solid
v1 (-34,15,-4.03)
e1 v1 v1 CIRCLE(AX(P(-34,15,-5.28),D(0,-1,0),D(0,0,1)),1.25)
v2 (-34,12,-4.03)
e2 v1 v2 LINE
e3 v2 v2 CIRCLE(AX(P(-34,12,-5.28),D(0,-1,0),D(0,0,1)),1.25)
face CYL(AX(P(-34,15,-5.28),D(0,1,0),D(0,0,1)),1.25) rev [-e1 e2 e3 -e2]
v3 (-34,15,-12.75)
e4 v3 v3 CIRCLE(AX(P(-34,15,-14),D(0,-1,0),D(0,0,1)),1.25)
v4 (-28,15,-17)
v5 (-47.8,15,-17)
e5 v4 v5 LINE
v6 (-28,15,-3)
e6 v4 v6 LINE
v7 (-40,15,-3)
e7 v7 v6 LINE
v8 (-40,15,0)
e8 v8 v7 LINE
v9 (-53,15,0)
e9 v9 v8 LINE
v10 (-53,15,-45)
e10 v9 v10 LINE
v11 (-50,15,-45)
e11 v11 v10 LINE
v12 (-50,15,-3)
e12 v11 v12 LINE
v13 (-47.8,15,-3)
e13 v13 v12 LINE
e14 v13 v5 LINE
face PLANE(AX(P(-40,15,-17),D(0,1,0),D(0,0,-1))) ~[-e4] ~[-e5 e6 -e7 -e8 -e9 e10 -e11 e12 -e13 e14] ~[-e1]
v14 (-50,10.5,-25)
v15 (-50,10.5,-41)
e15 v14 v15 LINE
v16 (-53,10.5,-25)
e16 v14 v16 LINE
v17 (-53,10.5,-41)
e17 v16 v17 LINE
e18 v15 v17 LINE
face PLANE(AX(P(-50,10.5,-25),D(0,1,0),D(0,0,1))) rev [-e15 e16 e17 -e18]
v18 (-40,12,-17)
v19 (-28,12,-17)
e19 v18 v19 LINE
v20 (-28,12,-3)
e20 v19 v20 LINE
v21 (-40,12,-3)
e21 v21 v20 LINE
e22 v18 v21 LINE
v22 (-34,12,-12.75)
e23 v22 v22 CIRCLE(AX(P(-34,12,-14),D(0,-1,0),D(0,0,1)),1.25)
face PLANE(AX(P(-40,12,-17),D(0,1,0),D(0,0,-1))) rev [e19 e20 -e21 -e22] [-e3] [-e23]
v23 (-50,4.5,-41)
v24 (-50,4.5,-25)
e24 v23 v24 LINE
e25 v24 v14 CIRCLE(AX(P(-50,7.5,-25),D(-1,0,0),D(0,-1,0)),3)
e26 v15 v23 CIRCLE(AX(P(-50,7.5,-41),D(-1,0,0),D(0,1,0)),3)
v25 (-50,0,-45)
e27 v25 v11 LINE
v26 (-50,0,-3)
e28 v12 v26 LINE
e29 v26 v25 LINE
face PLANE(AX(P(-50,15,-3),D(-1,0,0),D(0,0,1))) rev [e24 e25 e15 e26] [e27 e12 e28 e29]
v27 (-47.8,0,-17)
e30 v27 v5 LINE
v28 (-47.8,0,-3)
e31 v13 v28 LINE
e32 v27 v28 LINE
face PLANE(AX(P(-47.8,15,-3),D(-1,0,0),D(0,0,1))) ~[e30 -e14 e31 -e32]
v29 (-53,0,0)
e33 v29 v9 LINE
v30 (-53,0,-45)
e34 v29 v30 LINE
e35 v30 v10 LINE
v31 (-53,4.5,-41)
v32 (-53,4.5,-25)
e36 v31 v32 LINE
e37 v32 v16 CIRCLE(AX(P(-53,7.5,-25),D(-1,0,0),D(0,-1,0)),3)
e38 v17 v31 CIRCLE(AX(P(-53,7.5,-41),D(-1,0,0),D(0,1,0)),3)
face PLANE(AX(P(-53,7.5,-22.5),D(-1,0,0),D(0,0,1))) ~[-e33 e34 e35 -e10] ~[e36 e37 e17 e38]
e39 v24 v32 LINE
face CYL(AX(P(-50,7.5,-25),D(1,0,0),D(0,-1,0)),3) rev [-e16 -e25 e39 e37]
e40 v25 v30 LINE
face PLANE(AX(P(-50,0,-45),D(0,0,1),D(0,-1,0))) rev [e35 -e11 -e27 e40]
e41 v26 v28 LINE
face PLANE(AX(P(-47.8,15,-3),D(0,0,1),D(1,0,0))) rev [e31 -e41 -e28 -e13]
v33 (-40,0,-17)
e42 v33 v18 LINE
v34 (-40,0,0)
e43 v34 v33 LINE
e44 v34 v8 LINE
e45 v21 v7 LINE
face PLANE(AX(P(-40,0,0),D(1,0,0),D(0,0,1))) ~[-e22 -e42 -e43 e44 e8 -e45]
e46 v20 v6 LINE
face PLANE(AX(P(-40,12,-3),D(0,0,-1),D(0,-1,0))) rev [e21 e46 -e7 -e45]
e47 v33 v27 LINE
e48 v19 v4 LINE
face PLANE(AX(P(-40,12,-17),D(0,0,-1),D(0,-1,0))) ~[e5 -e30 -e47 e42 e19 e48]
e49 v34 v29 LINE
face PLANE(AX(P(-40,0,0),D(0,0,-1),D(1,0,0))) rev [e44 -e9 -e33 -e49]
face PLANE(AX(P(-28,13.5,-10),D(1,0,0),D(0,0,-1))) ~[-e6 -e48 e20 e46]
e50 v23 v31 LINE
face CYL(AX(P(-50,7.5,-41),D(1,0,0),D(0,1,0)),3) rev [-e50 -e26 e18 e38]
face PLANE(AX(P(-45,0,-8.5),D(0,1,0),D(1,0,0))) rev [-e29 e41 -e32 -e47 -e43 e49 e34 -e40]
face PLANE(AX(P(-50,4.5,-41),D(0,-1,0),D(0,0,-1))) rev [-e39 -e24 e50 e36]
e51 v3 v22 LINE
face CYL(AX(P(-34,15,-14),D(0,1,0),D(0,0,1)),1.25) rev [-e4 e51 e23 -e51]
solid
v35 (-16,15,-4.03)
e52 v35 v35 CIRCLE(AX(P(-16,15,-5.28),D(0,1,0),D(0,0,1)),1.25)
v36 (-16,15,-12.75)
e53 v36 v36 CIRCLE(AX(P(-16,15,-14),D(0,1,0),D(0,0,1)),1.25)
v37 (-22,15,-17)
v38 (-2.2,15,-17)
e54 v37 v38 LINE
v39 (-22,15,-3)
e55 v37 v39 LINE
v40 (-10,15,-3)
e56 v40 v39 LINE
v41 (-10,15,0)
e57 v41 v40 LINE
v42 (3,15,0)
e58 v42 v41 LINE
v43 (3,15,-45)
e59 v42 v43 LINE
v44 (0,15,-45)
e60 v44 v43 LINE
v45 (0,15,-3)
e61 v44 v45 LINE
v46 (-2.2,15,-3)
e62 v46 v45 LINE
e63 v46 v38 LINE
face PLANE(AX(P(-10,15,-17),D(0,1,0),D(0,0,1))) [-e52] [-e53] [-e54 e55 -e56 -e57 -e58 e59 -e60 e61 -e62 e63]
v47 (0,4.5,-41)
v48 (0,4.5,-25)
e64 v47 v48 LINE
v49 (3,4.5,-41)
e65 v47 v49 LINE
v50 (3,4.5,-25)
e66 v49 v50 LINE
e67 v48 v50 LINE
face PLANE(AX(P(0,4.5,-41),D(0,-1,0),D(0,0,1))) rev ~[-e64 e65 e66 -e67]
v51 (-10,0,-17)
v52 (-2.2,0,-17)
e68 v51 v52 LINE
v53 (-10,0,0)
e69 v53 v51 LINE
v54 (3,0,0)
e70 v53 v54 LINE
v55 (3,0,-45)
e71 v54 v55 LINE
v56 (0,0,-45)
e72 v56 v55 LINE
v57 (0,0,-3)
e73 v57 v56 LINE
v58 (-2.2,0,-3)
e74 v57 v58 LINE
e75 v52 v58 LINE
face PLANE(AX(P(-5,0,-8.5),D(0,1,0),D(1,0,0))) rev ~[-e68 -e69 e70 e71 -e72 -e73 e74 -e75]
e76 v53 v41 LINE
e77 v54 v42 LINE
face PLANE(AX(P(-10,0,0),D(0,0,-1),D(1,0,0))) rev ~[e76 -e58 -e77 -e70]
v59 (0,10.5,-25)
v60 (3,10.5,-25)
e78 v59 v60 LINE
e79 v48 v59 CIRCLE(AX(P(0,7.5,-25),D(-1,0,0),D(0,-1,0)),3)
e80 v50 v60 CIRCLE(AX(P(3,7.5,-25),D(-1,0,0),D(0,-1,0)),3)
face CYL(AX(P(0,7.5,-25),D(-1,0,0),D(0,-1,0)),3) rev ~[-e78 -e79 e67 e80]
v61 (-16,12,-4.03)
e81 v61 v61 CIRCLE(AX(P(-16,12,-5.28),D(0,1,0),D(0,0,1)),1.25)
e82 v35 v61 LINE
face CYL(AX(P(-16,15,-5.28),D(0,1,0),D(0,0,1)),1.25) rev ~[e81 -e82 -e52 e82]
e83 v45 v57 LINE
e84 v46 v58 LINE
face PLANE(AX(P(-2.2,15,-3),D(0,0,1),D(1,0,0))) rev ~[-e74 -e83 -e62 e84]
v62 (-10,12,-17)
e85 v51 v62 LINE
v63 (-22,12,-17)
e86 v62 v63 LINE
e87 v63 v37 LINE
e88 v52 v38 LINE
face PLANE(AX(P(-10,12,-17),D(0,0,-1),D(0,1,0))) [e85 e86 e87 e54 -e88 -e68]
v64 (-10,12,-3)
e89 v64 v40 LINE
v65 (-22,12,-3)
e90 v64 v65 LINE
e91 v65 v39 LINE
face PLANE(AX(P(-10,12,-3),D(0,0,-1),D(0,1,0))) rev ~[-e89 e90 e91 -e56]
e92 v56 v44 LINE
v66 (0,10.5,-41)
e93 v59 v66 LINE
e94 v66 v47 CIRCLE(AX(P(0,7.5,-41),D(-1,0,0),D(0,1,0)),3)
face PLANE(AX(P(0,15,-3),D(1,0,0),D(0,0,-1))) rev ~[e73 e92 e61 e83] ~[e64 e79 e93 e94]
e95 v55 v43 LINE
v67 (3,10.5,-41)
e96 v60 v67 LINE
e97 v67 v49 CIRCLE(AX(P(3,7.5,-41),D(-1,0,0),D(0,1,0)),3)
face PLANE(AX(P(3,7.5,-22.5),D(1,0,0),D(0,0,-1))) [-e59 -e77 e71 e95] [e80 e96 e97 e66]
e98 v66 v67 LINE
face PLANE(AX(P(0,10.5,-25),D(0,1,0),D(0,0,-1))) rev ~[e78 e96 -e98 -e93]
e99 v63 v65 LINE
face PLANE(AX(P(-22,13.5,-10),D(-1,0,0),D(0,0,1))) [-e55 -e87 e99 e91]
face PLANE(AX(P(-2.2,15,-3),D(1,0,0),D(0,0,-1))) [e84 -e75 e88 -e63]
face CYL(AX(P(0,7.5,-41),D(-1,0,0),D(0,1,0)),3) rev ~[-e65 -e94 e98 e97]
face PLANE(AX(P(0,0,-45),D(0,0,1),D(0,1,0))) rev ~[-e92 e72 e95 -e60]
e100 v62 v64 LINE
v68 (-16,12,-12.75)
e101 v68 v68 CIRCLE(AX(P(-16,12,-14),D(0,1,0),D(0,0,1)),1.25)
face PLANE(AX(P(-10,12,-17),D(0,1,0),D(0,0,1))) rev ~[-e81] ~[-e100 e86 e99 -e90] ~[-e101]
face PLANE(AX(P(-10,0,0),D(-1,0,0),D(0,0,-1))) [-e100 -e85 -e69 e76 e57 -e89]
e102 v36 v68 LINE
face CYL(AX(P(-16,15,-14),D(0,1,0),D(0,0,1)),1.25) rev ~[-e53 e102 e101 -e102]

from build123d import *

# Parameters (mm, degrees)
SKETCH1_W                   = 45
SKETCH1_H                   = 15
MOUNTS_TO_CNC_DEPTH         = 3
SKETCH2_W                   = 10
SKETCH2_H                   = 17
WRAP_AROUND_DEPTH           = 15
SPACE_FOR_STEEL_REACH       = 50.477
SKETCH4_W                   = 2.2
SKETCH4_H                   = 42
SKETCH5_W                   = 14
SKETCH5_H                   = 3
LEVEL_SWITCH_PLATFORM_DEPTH = 12
SWITCH_MOUNT_HOLES_REACH    = 54.288
SKETCH7_R                   = 1.25


with BuildPart() as part:
    # Sketch1 → mounts_to_cnc (new body)
    with BuildSketch(Plane(origin=(0, 0, 0), x_dir=(0, 0, -1), z_dir=(1, 0, 0))):
        with Locations((22.5, 7.5)):
            Rectangle(SKETCH1_W, SKETCH1_H)
        with BuildLine():
            Line((41, 4.5), (25, 4.5))
            ThreePointArc((25, 4.5), (22, 7.5), (25, 10.5))
            Line((25, 10.5), (41, 10.5))
            ThreePointArc((41, 10.5), (44, 7.5), (41, 4.5))
        make_face(mode=Mode.SUBTRACT)
    extrude(amount=MOUNTS_TO_CNC_DEPTH)

    # Sketch2 → wrap_around (add)
    with BuildSketch(Plane(origin=(0, 0, 0), x_dir=(1, 0, 0), z_dir=(0, 1, 0))):
        with Locations((-5, 8.5)):
            Rectangle(SKETCH2_W, SKETCH2_H)
    extrude(amount=WRAP_AROUND_DEPTH)

    # Sketch4 → space_for_steel (cut, up to next)
    with BuildSketch(Plane(origin=(0, 15, 0), x_dir=(1, 0, 0), z_dir=(0, 1, 0)), mode=Mode.PRIVATE) as space_for_steel_sk1:
        with Locations((-1.1, 24)):
            Rectangle(SKETCH4_W, SKETCH4_H)
    space_for_steel_tool1 = extrude(space_for_steel_sk1.sketch, amount=-SPACE_FOR_STEEL_REACH, mode=Mode.PRIVATE) & part.part
    add(space_for_steel_tool1.solids().sort_by_distance((-1.1, 15, -24))[0], mode=Mode.SUBTRACT)

    # Sketch5 → level_switch_platform (add)
    with BuildSketch(Plane.ZY.offset(10)):
        with Locations((-10, 13.5)):
            Rectangle(SKETCH5_W, SKETCH5_H)
    extrude(amount=LEVEL_SWITCH_PLATFORM_DEPTH)

    # Sketch7 → switch_mount_holes (cut, up to next)
    with BuildSketch(Plane(origin=(0, 15, 0), x_dir=(1, 0, 0), z_dir=(0, 1, 0)), mode=Mode.PRIVATE) as switch_mount_holes_sk1:
        with Locations(Location((-16, 14, 0), (0, 0, 270))):
            Circle(SKETCH7_R)
    switch_mount_holes_tool1 = extrude(switch_mount_holes_sk1.sketch, amount=-SWITCH_MOUNT_HOLES_REACH, mode=Mode.PRIVATE) & part.part
    # Sketch7 → switch_mount_holes (cut, up to next)
    with BuildSketch(Plane(origin=(0, 15, 0), x_dir=(1, 0, 0), z_dir=(0, 1, 0)), mode=Mode.PRIVATE) as switch_mount_holes_sk2:
        with Locations(Location((-16, 5.28, 0), (0, 0, 270))):
            Circle(SKETCH7_R)
    switch_mount_holes_tool2 = extrude(switch_mount_holes_sk2.sketch, amount=-SWITCH_MOUNT_HOLES_REACH, mode=Mode.PRIVATE) & part.part
    add(switch_mount_holes_tool1.solids().sort_by_distance((-16, 15, -14))[0], mode=Mode.SUBTRACT)
    add(switch_mount_holes_tool2.solids().sort_by_distance((-16, 15, -5.28))[0], mode=Mode.SUBTRACT)


with BuildPart() as body_2:
    # chiarity_copy: mirrored copy
    add(part.part.mirror(Plane.ZY.offset(25)))


solid = Compound([part.part, body_2.part])
